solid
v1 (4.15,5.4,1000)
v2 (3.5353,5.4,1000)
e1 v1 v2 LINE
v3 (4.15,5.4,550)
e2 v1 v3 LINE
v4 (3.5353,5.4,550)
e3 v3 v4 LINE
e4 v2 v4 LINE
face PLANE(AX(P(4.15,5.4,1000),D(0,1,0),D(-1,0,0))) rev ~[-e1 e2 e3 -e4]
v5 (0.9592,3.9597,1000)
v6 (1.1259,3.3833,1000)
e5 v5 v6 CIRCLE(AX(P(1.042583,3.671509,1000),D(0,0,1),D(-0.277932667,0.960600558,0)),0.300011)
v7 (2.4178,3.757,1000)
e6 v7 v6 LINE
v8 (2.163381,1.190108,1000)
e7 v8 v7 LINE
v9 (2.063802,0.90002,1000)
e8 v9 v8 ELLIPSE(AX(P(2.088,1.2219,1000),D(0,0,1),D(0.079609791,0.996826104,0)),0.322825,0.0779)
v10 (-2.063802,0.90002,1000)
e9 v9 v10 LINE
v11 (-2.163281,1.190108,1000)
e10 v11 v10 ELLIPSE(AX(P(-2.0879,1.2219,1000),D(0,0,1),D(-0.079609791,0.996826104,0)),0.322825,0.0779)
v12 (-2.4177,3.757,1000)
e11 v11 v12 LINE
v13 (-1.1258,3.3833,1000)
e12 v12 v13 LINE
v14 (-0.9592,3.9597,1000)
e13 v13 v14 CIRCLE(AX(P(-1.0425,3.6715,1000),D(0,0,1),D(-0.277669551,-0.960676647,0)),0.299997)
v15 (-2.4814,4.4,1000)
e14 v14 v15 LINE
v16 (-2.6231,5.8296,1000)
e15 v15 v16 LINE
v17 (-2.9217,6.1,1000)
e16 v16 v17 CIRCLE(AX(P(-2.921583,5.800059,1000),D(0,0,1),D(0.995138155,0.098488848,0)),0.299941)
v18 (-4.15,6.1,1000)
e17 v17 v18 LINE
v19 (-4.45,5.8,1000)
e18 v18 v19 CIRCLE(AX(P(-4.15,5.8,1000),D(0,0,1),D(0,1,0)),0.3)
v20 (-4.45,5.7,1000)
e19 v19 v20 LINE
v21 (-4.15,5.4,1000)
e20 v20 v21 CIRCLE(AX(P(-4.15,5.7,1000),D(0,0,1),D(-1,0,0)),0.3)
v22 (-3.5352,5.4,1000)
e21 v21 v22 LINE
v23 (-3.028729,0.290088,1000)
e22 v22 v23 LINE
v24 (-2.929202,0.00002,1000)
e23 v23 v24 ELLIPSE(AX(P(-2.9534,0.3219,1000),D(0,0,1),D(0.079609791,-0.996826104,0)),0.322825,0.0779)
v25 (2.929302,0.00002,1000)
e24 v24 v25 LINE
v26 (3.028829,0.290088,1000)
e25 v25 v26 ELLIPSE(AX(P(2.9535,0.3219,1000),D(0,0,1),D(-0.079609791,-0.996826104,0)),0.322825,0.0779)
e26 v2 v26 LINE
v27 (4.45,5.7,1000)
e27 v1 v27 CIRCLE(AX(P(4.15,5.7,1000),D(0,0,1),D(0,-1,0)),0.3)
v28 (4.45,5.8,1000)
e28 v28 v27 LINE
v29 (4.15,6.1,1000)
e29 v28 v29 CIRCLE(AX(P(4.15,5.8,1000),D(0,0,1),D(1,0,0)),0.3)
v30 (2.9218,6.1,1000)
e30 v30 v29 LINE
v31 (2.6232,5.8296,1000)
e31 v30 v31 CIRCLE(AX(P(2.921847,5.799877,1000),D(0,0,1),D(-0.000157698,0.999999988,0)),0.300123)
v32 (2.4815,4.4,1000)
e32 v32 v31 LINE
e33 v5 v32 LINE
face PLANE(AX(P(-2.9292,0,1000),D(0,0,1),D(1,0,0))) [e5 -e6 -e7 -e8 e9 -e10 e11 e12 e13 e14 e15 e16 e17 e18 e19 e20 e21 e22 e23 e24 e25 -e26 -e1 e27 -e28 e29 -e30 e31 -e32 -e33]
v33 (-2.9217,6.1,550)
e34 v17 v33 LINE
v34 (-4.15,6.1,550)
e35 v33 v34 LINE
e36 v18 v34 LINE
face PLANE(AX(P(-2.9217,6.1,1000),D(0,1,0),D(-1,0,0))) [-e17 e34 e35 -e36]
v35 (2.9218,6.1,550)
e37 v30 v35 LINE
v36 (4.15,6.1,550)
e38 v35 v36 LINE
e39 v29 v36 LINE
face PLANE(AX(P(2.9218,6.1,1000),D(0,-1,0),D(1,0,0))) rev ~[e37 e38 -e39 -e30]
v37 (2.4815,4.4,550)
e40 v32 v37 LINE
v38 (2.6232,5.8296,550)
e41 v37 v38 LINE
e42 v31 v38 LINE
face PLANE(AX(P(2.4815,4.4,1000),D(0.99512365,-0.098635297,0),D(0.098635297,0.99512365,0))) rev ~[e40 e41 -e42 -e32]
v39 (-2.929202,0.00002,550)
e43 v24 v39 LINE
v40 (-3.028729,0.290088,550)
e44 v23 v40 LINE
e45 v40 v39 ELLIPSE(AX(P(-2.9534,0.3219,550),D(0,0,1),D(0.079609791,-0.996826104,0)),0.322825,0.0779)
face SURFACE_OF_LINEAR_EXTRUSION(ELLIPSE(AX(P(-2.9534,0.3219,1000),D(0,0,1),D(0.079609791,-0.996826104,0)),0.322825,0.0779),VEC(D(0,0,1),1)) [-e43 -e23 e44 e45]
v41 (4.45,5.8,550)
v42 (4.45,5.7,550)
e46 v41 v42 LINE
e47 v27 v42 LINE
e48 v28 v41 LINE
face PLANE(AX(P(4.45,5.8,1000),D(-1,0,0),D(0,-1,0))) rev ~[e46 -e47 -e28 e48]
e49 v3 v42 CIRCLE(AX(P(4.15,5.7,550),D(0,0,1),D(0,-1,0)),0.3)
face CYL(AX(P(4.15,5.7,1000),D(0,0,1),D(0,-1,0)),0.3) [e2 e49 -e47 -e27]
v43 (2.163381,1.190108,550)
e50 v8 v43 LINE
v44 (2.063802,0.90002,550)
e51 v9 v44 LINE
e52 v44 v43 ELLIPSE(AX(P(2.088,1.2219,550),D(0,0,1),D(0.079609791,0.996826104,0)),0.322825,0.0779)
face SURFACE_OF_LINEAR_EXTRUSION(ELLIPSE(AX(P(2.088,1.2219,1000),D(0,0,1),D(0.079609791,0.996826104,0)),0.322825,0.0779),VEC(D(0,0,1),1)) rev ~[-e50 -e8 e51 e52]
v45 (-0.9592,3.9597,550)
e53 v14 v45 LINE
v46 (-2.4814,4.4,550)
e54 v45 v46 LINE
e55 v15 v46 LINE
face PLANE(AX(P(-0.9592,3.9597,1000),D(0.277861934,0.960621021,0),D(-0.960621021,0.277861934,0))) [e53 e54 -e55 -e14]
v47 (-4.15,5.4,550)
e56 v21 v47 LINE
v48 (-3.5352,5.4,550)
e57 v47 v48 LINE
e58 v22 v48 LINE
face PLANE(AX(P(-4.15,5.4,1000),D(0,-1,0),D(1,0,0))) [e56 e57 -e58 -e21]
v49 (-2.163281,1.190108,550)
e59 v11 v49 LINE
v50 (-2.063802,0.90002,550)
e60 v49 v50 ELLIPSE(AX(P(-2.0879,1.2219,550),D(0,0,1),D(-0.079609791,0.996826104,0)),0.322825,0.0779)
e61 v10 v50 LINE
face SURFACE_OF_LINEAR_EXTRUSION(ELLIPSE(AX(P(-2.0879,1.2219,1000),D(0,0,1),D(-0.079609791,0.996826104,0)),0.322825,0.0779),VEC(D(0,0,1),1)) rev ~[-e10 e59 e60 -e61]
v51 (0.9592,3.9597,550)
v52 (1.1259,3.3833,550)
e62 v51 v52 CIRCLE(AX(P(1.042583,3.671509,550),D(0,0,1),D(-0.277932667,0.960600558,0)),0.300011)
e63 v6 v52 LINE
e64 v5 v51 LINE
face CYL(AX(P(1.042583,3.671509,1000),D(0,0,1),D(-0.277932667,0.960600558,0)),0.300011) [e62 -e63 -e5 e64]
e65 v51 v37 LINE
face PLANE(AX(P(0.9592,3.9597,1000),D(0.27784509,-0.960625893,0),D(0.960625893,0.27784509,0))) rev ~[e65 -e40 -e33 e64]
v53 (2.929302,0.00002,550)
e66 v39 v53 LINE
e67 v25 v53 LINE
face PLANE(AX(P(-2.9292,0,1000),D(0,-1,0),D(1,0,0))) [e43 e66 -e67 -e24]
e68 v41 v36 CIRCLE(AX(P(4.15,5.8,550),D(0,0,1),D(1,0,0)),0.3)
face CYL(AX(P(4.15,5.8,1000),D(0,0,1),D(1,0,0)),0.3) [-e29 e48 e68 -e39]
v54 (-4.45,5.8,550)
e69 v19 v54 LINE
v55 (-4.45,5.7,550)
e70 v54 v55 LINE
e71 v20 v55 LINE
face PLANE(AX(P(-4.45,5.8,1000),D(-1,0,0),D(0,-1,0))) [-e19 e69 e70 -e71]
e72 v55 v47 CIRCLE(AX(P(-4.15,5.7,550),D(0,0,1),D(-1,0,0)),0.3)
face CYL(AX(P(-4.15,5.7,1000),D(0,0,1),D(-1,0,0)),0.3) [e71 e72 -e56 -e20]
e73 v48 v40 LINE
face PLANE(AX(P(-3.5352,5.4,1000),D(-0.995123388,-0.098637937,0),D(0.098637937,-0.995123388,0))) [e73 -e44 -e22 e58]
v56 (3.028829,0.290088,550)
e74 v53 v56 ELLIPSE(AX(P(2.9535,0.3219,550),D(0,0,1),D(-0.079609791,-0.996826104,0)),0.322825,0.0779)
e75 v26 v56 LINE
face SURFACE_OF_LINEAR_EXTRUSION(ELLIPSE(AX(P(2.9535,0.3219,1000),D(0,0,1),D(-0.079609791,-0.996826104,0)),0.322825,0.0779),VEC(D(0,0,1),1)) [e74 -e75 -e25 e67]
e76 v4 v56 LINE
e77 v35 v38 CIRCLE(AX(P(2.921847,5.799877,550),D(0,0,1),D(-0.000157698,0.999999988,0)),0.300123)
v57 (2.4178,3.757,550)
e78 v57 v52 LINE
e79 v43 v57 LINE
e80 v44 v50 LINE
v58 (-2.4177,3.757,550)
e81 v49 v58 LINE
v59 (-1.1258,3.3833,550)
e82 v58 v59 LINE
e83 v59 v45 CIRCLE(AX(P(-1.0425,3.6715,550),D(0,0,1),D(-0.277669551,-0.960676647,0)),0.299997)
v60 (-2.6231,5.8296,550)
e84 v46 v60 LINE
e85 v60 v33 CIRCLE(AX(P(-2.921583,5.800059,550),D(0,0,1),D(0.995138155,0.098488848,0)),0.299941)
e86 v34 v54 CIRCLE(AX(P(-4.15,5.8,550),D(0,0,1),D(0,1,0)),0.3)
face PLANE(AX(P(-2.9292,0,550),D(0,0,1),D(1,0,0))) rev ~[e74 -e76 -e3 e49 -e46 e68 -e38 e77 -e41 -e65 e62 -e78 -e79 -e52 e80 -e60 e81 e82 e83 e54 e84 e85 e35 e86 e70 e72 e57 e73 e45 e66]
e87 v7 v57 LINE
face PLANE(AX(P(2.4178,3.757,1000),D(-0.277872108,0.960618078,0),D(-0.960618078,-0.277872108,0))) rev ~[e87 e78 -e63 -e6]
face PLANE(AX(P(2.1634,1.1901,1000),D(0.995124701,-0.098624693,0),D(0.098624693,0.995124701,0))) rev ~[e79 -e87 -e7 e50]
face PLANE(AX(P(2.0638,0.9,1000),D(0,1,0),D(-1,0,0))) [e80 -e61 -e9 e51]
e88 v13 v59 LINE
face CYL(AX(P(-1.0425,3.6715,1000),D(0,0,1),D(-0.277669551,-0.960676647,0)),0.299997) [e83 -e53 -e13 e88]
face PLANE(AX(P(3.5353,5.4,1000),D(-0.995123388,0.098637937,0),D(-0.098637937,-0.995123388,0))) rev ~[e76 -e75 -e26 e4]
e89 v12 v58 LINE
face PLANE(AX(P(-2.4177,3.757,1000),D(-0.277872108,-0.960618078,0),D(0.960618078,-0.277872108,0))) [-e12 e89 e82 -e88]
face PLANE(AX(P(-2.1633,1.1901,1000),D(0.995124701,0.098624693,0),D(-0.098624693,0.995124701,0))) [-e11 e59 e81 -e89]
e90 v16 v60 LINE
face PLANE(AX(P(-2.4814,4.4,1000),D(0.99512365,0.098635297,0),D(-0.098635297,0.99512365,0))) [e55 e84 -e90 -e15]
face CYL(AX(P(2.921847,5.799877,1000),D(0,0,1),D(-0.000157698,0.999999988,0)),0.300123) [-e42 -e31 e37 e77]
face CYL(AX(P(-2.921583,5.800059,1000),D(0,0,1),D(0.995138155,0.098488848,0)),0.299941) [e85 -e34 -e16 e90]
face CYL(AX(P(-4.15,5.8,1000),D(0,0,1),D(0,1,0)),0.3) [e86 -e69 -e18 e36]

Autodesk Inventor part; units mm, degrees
ref_plane "YZ Plane" through (0, 0, 0) normal (1, 0, 0) x (0, 1, 0)
ref_plane "XZ Plane" through (0, 0, 0) normal (0, 1, 0) x (-1, 0, 0)
ref_plane "РабПлоскость5" through (-2.9292, 0, 1000) normal (0, 0, 1) x (1, 0, 0)
sketch "Эскиз1" plane through (-2.9292, 0, 1000) normal (0, 0, 1) x (1, 0, 0)
  ellipse E0 centre (5.8827, 0.3219) end of major axis (5.857, 0.0001) minor radius 0.0779 (5.8585, 0) -> (5.958, 0.2901) ccw
  arc A0 (1.8034, 3.3833) -> (1.97, 3.9597) centre (1.8867, 3.6715) ccw
  arc A1 (3.8884, 3.9597) -> (4.0551, 3.3833) centre (3.9718, 3.6715) ccw
  line L0 (5.347, 3.757) -> (4.0551, 3.3833)
  line L1 (5.0926, 1.1901) -> (5.347, 3.757)
  ellipse E1 centre (0.8413, 1.2219) end of major axis (0.8156, 1.5437) minor radius 0.0779 (0.7659, 1.1901) -> (0.8654, 0.9) ccw
  line L2 (4.993, 0.9) -> (0.8654, 0.9)
  ellipse E2 centre (5.0172, 1.2219) end of major axis (5.0429, 1.5437) minor radius 0.0779 (4.993, 0.9) -> (5.0926, 1.1901) ccw
  line L3 (0.7659, 1.1901) -> (0.5115, 3.757)
  line L4 (1.97, 3.9597) -> (0.4478, 4.4)
  line L5 (3.8884, 3.9597) -> (5.4107, 4.4)
  line L6 (5.4107, 4.4) -> (5.5524, 5.8296)
  arc A2 (5.851, 6.1) -> (5.5524, 5.8296) centre (5.851, 5.8) ccw
  line L7 (5.851, 6.1) -> (7.0792, 6.1)
  arc A3 (7.3792, 5.8) -> (7.0792, 6.1) centre (7.0792, 5.8) ccw
  arc A4 (7.0792, 5.4) -> (7.3792, 5.7) centre (7.0792, 5.7) ccw
  line L8 (7.0792, 5.4) -> (6.4645, 5.4)
  line L9 (-0.606, 5.4) -> (-0.0995, 0.2901)
  line L10 (-1.2208, 5.4) -> (-0.606, 5.4)
  arc A5 (-1.5208, 5.7) -> (-1.2208, 5.4) centre (-1.2208, 5.7) ccw
  line L11 (-1.5208, 5.8) -> (-1.5208, 5.7)
  arc A6 (-1.2208, 6.1) -> (-1.5208, 5.8) centre (-1.2208, 5.8) ccw
  line L12 (0.0075, 6.1) -> (-1.2208, 6.1)
  arc A7 (0.3061, 5.8296) -> (0.0075, 6.1) centre (0.0075, 5.8) ccw
  line L13 (0.4478, 4.4) -> (0.3061, 5.8296)
  ellipse E3 centre (-0.0242, 0.3219) end of major axis (0.0015, 0.0001) minor radius 0.0779 (-0.0995, 0.2901) -> (0, 0) ccw
  line L14 (0, 0) -> (5.8585, 0)
  line L15 (6.4645, 5.4) -> (5.958, 0.2901)
  line L16 (7.3792, 5.8) -> (7.3792, 5.7)
  line L17 (0.5115, 3.757) -> (1.8034, 3.3833)
  point P0 (2.9292, 0)
extrude "Выдавливание1" add sketch "Эскиз1" against normal blind 450
properties part number "Uplotnitel-pazovyy450_-paz-6"
